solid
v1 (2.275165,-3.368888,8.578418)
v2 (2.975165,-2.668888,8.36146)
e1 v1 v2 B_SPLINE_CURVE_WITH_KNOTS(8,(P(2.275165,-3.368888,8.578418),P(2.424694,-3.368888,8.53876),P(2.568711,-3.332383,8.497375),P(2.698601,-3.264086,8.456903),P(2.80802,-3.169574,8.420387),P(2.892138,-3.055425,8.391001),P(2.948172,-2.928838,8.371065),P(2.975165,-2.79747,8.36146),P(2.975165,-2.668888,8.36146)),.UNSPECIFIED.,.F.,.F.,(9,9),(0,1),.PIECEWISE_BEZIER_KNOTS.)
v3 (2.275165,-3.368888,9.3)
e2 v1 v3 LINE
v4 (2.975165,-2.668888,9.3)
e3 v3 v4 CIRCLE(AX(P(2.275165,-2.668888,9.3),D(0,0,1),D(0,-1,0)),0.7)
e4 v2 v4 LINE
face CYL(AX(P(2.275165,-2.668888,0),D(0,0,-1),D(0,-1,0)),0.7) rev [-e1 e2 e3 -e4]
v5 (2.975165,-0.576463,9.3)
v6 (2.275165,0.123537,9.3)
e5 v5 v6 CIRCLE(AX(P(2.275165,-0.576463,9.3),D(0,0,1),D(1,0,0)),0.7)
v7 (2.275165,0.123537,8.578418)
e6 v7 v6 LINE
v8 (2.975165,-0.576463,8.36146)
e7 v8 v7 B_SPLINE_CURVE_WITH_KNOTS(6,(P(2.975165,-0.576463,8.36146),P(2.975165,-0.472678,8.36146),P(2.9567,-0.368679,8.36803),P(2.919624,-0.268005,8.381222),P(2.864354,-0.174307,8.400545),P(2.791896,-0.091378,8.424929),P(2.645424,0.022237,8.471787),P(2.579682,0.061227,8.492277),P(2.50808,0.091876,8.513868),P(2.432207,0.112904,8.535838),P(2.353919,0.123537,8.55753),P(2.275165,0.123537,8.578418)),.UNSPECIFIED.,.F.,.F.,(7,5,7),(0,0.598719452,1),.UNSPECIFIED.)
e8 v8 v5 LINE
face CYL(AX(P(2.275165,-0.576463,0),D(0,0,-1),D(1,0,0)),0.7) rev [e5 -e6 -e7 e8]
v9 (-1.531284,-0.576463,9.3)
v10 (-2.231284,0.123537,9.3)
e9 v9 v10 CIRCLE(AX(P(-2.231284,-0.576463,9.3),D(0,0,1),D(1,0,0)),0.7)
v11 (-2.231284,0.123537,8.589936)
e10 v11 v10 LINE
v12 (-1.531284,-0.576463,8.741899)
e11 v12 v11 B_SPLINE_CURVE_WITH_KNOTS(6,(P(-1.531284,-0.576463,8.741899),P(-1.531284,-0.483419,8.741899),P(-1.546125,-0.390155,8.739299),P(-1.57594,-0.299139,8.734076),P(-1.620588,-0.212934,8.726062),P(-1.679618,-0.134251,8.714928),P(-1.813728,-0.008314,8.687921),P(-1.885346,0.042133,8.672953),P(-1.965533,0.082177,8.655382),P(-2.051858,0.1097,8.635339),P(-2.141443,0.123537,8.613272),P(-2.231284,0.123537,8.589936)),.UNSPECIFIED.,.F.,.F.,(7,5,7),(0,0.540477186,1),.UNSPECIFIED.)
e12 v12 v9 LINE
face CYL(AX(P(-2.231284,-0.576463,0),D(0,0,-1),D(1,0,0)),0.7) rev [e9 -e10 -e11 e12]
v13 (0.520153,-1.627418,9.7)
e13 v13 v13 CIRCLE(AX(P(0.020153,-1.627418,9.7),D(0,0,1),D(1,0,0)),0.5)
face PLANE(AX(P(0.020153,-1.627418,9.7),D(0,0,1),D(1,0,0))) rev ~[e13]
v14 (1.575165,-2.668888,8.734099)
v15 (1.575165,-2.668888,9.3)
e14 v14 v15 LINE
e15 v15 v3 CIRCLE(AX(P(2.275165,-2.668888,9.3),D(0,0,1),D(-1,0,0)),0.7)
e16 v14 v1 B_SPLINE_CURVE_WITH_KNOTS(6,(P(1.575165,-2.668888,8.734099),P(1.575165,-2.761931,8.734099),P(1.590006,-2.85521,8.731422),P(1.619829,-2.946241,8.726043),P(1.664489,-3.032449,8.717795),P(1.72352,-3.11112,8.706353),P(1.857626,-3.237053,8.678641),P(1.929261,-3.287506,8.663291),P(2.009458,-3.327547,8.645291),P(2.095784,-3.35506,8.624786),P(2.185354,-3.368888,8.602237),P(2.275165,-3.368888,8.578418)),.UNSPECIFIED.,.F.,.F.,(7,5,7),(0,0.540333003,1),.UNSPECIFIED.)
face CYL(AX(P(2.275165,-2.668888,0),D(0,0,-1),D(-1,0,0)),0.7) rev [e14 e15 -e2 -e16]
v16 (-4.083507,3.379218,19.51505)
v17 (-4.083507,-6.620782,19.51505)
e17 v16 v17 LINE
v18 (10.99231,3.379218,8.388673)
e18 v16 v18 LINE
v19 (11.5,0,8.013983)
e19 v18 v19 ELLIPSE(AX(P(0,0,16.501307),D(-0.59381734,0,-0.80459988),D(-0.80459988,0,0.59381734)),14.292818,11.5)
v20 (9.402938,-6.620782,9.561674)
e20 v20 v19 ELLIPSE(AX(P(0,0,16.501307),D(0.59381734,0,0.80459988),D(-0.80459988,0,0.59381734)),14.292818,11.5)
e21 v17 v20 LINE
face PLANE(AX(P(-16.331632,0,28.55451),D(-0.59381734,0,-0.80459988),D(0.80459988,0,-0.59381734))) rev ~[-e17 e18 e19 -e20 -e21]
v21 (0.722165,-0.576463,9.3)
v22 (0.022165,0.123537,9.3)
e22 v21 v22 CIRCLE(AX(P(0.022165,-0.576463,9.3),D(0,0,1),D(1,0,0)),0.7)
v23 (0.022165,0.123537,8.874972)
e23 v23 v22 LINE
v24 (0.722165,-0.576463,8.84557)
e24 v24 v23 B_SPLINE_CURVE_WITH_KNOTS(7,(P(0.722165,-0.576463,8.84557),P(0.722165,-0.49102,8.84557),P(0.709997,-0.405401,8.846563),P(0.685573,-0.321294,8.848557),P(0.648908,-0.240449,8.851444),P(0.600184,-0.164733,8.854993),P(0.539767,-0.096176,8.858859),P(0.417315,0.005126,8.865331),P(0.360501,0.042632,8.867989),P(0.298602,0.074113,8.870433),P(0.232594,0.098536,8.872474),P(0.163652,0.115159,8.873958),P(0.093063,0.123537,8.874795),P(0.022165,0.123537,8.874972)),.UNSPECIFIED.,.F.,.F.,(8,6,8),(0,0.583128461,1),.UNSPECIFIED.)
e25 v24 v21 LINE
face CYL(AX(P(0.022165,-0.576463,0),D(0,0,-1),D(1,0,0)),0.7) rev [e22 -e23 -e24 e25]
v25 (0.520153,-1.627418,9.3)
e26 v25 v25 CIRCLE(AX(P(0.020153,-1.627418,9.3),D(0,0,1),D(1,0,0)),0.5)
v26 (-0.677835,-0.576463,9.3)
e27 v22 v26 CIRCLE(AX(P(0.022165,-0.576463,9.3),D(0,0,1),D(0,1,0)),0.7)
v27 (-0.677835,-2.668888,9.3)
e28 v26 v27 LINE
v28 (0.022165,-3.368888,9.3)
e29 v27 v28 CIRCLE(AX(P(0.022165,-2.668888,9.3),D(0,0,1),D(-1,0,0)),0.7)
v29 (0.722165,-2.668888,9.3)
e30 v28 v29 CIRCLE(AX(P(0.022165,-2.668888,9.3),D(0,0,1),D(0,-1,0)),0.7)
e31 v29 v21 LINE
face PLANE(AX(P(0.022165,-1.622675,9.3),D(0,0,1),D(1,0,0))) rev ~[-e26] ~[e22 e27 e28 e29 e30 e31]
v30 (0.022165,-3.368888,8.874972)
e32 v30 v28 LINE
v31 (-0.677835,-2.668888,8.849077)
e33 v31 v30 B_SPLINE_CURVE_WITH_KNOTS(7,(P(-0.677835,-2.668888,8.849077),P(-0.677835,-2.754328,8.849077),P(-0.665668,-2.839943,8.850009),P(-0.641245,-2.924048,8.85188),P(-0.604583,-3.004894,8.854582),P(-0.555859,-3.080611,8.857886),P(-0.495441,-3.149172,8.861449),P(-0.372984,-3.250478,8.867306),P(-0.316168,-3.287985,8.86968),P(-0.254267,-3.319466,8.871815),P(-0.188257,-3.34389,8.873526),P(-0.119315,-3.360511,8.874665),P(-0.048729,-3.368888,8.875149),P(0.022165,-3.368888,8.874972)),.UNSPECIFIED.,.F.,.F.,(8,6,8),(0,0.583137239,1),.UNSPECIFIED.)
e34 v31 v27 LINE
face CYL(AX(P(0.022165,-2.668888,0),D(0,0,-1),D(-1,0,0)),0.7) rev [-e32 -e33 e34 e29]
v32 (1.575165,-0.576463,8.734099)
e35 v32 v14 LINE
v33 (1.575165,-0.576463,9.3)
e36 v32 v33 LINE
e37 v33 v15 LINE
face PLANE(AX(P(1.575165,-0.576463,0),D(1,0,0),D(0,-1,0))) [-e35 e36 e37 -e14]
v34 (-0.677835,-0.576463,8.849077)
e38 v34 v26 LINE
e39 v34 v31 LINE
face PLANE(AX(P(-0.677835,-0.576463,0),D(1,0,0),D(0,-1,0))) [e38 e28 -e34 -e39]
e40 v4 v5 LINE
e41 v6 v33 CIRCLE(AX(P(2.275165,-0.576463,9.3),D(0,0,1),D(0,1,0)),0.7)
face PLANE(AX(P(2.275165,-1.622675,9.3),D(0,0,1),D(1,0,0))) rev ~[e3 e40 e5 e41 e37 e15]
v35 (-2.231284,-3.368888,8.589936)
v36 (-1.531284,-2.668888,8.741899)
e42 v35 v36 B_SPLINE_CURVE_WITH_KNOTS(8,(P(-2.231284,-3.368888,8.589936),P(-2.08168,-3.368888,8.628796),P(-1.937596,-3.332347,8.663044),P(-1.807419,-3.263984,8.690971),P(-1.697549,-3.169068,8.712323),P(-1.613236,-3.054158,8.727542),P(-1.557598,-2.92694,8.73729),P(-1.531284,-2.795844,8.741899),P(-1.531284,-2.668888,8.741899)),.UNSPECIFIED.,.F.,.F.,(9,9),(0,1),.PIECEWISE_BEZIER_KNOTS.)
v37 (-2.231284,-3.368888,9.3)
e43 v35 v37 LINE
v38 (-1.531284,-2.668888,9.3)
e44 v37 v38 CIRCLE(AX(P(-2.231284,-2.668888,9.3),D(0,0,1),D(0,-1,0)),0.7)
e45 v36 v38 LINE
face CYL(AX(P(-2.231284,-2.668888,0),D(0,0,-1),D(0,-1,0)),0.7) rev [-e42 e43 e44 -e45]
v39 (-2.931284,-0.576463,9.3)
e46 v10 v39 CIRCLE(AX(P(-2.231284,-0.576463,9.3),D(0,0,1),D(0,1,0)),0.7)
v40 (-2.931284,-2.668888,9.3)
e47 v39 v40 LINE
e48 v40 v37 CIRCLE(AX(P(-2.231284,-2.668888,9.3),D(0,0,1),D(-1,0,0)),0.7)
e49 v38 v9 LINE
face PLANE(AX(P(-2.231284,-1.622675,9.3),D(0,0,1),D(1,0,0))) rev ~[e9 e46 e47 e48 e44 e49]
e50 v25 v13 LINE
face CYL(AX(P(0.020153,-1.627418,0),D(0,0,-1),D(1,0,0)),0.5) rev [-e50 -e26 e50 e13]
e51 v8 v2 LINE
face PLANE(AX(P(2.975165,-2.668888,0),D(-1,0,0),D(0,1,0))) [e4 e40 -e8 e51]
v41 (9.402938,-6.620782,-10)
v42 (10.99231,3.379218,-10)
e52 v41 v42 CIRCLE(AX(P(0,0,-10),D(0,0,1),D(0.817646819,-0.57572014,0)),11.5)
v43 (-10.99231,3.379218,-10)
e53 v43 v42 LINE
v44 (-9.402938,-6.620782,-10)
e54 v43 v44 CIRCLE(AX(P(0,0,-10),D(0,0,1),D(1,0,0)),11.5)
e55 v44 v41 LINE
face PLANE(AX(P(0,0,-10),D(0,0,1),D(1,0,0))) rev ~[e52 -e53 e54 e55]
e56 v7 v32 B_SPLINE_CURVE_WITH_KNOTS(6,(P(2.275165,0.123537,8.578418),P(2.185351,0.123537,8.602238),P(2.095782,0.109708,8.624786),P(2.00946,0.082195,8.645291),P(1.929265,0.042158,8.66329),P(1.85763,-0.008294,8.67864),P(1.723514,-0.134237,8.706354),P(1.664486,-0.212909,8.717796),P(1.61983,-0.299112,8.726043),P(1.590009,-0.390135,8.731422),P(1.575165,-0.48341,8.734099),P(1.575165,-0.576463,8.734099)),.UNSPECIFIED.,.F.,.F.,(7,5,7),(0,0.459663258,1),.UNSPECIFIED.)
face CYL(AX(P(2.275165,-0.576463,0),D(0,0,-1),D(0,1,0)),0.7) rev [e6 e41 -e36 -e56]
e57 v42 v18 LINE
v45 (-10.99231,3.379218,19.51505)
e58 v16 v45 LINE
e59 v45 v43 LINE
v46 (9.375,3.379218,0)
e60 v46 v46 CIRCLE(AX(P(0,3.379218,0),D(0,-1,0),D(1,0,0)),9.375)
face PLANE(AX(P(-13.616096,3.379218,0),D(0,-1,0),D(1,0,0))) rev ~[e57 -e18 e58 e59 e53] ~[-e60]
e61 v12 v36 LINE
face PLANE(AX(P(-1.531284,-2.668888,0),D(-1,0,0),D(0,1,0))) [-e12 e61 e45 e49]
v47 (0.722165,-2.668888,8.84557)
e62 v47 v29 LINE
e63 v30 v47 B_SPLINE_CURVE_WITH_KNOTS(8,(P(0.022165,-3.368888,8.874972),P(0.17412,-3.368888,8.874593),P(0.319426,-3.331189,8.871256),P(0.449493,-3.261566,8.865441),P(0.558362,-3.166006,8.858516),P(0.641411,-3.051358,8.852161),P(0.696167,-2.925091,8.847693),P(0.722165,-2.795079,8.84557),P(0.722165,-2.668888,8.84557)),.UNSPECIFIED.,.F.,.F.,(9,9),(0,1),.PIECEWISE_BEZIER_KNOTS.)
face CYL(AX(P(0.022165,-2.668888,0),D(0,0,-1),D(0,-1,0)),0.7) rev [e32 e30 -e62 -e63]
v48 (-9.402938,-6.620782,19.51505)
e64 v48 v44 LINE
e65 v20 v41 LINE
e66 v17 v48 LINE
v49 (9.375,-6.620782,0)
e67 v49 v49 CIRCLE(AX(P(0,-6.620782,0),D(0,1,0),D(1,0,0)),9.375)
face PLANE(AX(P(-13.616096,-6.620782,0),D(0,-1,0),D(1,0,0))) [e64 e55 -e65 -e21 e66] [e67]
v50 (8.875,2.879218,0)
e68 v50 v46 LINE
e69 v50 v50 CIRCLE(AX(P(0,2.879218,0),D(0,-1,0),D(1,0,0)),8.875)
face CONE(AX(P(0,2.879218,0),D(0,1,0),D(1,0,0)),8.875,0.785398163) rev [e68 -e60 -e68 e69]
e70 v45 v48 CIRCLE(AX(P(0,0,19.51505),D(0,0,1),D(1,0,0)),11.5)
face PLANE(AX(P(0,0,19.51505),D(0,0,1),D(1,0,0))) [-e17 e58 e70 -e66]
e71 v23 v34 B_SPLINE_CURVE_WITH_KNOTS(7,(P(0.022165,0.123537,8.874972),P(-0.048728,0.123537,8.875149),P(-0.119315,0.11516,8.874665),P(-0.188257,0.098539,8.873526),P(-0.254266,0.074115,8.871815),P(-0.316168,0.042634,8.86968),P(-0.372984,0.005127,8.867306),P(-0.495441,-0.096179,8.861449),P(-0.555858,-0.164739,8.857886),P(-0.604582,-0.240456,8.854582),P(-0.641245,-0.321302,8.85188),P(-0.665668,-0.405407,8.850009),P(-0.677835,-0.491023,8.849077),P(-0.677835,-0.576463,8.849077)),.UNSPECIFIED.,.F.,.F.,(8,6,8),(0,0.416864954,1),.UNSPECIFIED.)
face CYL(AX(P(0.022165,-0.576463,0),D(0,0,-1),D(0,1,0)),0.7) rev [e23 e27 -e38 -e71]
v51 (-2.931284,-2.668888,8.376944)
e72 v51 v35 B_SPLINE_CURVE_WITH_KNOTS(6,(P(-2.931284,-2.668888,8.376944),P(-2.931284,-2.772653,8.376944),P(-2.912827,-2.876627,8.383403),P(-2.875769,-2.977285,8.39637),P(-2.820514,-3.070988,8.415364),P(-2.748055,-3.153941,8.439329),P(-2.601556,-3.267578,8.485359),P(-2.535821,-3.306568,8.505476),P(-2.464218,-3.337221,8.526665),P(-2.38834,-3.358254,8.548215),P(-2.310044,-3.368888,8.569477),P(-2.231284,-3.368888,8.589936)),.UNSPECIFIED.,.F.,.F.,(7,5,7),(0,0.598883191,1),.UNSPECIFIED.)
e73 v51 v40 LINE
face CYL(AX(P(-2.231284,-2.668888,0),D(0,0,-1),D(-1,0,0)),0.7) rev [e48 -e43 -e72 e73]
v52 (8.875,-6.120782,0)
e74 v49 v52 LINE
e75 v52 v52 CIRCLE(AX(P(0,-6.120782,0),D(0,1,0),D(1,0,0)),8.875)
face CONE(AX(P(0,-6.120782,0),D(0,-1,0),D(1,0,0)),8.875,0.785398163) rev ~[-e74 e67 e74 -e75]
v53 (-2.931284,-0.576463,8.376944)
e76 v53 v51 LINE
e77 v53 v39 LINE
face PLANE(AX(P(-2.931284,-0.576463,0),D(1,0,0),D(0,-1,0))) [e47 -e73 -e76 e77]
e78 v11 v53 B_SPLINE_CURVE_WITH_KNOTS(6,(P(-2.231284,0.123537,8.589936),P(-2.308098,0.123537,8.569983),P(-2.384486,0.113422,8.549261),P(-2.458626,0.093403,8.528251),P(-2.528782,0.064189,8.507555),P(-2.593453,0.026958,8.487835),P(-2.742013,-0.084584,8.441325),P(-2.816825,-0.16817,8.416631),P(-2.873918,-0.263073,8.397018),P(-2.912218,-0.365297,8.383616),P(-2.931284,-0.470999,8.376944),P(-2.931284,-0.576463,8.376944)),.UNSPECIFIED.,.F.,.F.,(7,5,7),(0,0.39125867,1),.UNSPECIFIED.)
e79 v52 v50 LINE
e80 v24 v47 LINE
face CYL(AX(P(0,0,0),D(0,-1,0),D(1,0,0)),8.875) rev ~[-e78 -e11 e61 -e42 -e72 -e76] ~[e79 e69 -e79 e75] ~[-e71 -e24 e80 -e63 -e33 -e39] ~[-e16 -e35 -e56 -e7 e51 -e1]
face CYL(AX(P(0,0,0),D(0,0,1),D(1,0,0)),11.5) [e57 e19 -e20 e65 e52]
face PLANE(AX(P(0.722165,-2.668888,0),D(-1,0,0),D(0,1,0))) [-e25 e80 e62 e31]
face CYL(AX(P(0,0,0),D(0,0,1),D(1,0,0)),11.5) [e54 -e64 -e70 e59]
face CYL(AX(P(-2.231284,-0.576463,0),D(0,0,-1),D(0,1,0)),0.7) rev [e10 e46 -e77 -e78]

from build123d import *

# Parameters (mm, degrees)
F1_R          = 11.5
F2_DEPTH      = 19.51505
F2_DEPTH_BACK = 10
F0_R          = 8.875
F3_DEPTH      = 25
F3_DEPTH_BACK = 25
F5_DEPTH      = 25
F5_DEPTH_BACK = 25
F6_W          = 31.0526300933
F6_H          = 13.8705706969
F6_H_2        = 13.1759493425
F7_DEPTH      = 25
F7_DEPTH_BACK = 25
F8_SIZE       = 0.5
F9_R          = 0.5
F10_DEPTH     = 9.3
F11_DEPTH     = 9.7


with BuildPart() as f2:
    # F1 (on Top) → F2 (new body, two sides)
    with BuildSketch(Plane.XY) as f2_sk:
        Circle(F1_R)
    extrude(amount=F2_DEPTH)
    extrude(f2_sk.sketch, amount=-F2_DEPTH_BACK)

    # F0 (on Front) → F3 (cut, two sides)
    with BuildSketch(Plane.XZ) as f3_sk:
        Circle(F0_R)
    extrude(amount=-F3_DEPTH, mode=Mode.SUBTRACT)
    extrude(f3_sk.sketch, amount=F3_DEPTH_BACK, mode=Mode.SUBTRACT)

    # F4 (on Front) → F5 (cut, two sides)
    with BuildSketch(Plane.XZ) as f5_sk:
        Polygon((24.7668549418, 28.5545103252), (-16.3316316903, 28.5545103252), (24.7668549418, -1.7773286672), align=None)
    extrude(amount=-F5_DEPTH, mode=Mode.SUBTRACT)
    extrude(f5_sk.sketch, amount=F5_DEPTH_BACK, mode=Mode.SUBTRACT)

    # F6 (on Top) → F7 (cut, two sides)
    with BuildSketch(Plane.XY) as f7_sk:
        with Locations((1.910218969, 10.3145037405)):
            Rectangle(F6_W, F6_H)
        with Locations((1.910218969, -13.2087562792)):
            Rectangle(F6_W, F6_H_2)
    extrude(amount=-F7_DEPTH, mode=Mode.SUBTRACT)
    extrude(f7_sk.sketch, amount=F7_DEPTH_BACK, mode=Mode.SUBTRACT)

    # F8
    f8_edges = [f2.edges().sort_by_distance(p)[0] for p in [
        (-8.875, 3.379218, 0),
        (-8.875, -6.620782, 0),
    ]]
    chamfer(f8_edges, length=F8_SIZE)

    # F9 (on Top) → F10 (cut)
    with BuildSketch(Plane.XY):
        with BuildLine():
            ThreePointArc((-2.2312842775, 0.1235368601), (-2.7262590243, -0.081488393), (-2.9312842775, -0.5764631399))
            Line((-2.9312842775, -0.5764631399), (-2.9312842775, -2.6688878175))
            ThreePointArc((-2.9312842775, -2.6688878175), (-2.7262590243, -3.1638625643), (-2.2312842775, -3.3688878175))
            ThreePointArc((-2.2312842775, -3.3688878175), (-1.7363095307, -3.1638625643), (-1.5312842775, -2.6688878175))
            Line((-1.5312842775, -2.6688878175), (-1.5312842775, -0.5764631399))
            ThreePointArc((-1.5312842775, -0.5764631399), (-1.7363095307, -0.081488393), (-2.2312842775, 0.1235368601))
        make_face()
        with BuildLine():
            ThreePointArc((0.0221650116, 0.1235368601), (-0.4728097352, -0.081488393), (-0.6778349884, -0.5764631399))
            Line((-0.6778349884, -0.5764631399), (-0.6778349884, -2.6688878175))
            ThreePointArc((-0.6778349884, -2.6688878175), (-0.4728097352, -3.1638625643), (0.0221650116, -3.3688878175))
            ThreePointArc((0.0221650116, -3.3688878175), (0.5171397584, -3.1638625643), (0.7221650116, -2.6688878175))
            Line((0.7221650116, -2.6688878175), (0.7221650116, -0.5764631399))
            ThreePointArc((0.7221650116, -0.5764631399), (0.5171397584, -0.081488393), (0.0221650116, 0.1235368601))
        make_face()
        with Locations((0.0201533299, -1.6274178245)):
            Circle(F9_R, mode=Mode.SUBTRACT)
        with BuildLine():
            ThreePointArc((2.2751650116, 0.1235368601), (1.7801902648, -0.081488393), (1.5751650116, -0.5764631399))
            Line((1.5751650116, -0.5764631399), (1.5751650116, -2.6688878175))
            ThreePointArc((1.5751650116, -2.6688878175), (1.7801902648, -3.1638625643), (2.2751650116, -3.3688878175))
            ThreePointArc((2.2751650116, -3.3688878175), (2.7701397584, -3.1638625643), (2.9751650116, -2.6688878175))
            Line((2.9751650116, -2.6688878175), (2.9751650116, -0.5764631399))
            ThreePointArc((2.9751650116, -0.5764631399), (2.7701397584, -0.081488393), (2.2751650116, 0.1235368601))
        make_face()
    extrude(amount=F10_DEPTH, mode=Mode.SUBTRACT)

    # F9 (on Top) → F11 (cut)
    with BuildSketch(Plane.XY):
        with Locations((0.0201533299, -1.6274178245)):
            Circle(F9_R)
    extrude(amount=F11_DEPTH, mode=Mode.SUBTRACT)


solid = f2.part
